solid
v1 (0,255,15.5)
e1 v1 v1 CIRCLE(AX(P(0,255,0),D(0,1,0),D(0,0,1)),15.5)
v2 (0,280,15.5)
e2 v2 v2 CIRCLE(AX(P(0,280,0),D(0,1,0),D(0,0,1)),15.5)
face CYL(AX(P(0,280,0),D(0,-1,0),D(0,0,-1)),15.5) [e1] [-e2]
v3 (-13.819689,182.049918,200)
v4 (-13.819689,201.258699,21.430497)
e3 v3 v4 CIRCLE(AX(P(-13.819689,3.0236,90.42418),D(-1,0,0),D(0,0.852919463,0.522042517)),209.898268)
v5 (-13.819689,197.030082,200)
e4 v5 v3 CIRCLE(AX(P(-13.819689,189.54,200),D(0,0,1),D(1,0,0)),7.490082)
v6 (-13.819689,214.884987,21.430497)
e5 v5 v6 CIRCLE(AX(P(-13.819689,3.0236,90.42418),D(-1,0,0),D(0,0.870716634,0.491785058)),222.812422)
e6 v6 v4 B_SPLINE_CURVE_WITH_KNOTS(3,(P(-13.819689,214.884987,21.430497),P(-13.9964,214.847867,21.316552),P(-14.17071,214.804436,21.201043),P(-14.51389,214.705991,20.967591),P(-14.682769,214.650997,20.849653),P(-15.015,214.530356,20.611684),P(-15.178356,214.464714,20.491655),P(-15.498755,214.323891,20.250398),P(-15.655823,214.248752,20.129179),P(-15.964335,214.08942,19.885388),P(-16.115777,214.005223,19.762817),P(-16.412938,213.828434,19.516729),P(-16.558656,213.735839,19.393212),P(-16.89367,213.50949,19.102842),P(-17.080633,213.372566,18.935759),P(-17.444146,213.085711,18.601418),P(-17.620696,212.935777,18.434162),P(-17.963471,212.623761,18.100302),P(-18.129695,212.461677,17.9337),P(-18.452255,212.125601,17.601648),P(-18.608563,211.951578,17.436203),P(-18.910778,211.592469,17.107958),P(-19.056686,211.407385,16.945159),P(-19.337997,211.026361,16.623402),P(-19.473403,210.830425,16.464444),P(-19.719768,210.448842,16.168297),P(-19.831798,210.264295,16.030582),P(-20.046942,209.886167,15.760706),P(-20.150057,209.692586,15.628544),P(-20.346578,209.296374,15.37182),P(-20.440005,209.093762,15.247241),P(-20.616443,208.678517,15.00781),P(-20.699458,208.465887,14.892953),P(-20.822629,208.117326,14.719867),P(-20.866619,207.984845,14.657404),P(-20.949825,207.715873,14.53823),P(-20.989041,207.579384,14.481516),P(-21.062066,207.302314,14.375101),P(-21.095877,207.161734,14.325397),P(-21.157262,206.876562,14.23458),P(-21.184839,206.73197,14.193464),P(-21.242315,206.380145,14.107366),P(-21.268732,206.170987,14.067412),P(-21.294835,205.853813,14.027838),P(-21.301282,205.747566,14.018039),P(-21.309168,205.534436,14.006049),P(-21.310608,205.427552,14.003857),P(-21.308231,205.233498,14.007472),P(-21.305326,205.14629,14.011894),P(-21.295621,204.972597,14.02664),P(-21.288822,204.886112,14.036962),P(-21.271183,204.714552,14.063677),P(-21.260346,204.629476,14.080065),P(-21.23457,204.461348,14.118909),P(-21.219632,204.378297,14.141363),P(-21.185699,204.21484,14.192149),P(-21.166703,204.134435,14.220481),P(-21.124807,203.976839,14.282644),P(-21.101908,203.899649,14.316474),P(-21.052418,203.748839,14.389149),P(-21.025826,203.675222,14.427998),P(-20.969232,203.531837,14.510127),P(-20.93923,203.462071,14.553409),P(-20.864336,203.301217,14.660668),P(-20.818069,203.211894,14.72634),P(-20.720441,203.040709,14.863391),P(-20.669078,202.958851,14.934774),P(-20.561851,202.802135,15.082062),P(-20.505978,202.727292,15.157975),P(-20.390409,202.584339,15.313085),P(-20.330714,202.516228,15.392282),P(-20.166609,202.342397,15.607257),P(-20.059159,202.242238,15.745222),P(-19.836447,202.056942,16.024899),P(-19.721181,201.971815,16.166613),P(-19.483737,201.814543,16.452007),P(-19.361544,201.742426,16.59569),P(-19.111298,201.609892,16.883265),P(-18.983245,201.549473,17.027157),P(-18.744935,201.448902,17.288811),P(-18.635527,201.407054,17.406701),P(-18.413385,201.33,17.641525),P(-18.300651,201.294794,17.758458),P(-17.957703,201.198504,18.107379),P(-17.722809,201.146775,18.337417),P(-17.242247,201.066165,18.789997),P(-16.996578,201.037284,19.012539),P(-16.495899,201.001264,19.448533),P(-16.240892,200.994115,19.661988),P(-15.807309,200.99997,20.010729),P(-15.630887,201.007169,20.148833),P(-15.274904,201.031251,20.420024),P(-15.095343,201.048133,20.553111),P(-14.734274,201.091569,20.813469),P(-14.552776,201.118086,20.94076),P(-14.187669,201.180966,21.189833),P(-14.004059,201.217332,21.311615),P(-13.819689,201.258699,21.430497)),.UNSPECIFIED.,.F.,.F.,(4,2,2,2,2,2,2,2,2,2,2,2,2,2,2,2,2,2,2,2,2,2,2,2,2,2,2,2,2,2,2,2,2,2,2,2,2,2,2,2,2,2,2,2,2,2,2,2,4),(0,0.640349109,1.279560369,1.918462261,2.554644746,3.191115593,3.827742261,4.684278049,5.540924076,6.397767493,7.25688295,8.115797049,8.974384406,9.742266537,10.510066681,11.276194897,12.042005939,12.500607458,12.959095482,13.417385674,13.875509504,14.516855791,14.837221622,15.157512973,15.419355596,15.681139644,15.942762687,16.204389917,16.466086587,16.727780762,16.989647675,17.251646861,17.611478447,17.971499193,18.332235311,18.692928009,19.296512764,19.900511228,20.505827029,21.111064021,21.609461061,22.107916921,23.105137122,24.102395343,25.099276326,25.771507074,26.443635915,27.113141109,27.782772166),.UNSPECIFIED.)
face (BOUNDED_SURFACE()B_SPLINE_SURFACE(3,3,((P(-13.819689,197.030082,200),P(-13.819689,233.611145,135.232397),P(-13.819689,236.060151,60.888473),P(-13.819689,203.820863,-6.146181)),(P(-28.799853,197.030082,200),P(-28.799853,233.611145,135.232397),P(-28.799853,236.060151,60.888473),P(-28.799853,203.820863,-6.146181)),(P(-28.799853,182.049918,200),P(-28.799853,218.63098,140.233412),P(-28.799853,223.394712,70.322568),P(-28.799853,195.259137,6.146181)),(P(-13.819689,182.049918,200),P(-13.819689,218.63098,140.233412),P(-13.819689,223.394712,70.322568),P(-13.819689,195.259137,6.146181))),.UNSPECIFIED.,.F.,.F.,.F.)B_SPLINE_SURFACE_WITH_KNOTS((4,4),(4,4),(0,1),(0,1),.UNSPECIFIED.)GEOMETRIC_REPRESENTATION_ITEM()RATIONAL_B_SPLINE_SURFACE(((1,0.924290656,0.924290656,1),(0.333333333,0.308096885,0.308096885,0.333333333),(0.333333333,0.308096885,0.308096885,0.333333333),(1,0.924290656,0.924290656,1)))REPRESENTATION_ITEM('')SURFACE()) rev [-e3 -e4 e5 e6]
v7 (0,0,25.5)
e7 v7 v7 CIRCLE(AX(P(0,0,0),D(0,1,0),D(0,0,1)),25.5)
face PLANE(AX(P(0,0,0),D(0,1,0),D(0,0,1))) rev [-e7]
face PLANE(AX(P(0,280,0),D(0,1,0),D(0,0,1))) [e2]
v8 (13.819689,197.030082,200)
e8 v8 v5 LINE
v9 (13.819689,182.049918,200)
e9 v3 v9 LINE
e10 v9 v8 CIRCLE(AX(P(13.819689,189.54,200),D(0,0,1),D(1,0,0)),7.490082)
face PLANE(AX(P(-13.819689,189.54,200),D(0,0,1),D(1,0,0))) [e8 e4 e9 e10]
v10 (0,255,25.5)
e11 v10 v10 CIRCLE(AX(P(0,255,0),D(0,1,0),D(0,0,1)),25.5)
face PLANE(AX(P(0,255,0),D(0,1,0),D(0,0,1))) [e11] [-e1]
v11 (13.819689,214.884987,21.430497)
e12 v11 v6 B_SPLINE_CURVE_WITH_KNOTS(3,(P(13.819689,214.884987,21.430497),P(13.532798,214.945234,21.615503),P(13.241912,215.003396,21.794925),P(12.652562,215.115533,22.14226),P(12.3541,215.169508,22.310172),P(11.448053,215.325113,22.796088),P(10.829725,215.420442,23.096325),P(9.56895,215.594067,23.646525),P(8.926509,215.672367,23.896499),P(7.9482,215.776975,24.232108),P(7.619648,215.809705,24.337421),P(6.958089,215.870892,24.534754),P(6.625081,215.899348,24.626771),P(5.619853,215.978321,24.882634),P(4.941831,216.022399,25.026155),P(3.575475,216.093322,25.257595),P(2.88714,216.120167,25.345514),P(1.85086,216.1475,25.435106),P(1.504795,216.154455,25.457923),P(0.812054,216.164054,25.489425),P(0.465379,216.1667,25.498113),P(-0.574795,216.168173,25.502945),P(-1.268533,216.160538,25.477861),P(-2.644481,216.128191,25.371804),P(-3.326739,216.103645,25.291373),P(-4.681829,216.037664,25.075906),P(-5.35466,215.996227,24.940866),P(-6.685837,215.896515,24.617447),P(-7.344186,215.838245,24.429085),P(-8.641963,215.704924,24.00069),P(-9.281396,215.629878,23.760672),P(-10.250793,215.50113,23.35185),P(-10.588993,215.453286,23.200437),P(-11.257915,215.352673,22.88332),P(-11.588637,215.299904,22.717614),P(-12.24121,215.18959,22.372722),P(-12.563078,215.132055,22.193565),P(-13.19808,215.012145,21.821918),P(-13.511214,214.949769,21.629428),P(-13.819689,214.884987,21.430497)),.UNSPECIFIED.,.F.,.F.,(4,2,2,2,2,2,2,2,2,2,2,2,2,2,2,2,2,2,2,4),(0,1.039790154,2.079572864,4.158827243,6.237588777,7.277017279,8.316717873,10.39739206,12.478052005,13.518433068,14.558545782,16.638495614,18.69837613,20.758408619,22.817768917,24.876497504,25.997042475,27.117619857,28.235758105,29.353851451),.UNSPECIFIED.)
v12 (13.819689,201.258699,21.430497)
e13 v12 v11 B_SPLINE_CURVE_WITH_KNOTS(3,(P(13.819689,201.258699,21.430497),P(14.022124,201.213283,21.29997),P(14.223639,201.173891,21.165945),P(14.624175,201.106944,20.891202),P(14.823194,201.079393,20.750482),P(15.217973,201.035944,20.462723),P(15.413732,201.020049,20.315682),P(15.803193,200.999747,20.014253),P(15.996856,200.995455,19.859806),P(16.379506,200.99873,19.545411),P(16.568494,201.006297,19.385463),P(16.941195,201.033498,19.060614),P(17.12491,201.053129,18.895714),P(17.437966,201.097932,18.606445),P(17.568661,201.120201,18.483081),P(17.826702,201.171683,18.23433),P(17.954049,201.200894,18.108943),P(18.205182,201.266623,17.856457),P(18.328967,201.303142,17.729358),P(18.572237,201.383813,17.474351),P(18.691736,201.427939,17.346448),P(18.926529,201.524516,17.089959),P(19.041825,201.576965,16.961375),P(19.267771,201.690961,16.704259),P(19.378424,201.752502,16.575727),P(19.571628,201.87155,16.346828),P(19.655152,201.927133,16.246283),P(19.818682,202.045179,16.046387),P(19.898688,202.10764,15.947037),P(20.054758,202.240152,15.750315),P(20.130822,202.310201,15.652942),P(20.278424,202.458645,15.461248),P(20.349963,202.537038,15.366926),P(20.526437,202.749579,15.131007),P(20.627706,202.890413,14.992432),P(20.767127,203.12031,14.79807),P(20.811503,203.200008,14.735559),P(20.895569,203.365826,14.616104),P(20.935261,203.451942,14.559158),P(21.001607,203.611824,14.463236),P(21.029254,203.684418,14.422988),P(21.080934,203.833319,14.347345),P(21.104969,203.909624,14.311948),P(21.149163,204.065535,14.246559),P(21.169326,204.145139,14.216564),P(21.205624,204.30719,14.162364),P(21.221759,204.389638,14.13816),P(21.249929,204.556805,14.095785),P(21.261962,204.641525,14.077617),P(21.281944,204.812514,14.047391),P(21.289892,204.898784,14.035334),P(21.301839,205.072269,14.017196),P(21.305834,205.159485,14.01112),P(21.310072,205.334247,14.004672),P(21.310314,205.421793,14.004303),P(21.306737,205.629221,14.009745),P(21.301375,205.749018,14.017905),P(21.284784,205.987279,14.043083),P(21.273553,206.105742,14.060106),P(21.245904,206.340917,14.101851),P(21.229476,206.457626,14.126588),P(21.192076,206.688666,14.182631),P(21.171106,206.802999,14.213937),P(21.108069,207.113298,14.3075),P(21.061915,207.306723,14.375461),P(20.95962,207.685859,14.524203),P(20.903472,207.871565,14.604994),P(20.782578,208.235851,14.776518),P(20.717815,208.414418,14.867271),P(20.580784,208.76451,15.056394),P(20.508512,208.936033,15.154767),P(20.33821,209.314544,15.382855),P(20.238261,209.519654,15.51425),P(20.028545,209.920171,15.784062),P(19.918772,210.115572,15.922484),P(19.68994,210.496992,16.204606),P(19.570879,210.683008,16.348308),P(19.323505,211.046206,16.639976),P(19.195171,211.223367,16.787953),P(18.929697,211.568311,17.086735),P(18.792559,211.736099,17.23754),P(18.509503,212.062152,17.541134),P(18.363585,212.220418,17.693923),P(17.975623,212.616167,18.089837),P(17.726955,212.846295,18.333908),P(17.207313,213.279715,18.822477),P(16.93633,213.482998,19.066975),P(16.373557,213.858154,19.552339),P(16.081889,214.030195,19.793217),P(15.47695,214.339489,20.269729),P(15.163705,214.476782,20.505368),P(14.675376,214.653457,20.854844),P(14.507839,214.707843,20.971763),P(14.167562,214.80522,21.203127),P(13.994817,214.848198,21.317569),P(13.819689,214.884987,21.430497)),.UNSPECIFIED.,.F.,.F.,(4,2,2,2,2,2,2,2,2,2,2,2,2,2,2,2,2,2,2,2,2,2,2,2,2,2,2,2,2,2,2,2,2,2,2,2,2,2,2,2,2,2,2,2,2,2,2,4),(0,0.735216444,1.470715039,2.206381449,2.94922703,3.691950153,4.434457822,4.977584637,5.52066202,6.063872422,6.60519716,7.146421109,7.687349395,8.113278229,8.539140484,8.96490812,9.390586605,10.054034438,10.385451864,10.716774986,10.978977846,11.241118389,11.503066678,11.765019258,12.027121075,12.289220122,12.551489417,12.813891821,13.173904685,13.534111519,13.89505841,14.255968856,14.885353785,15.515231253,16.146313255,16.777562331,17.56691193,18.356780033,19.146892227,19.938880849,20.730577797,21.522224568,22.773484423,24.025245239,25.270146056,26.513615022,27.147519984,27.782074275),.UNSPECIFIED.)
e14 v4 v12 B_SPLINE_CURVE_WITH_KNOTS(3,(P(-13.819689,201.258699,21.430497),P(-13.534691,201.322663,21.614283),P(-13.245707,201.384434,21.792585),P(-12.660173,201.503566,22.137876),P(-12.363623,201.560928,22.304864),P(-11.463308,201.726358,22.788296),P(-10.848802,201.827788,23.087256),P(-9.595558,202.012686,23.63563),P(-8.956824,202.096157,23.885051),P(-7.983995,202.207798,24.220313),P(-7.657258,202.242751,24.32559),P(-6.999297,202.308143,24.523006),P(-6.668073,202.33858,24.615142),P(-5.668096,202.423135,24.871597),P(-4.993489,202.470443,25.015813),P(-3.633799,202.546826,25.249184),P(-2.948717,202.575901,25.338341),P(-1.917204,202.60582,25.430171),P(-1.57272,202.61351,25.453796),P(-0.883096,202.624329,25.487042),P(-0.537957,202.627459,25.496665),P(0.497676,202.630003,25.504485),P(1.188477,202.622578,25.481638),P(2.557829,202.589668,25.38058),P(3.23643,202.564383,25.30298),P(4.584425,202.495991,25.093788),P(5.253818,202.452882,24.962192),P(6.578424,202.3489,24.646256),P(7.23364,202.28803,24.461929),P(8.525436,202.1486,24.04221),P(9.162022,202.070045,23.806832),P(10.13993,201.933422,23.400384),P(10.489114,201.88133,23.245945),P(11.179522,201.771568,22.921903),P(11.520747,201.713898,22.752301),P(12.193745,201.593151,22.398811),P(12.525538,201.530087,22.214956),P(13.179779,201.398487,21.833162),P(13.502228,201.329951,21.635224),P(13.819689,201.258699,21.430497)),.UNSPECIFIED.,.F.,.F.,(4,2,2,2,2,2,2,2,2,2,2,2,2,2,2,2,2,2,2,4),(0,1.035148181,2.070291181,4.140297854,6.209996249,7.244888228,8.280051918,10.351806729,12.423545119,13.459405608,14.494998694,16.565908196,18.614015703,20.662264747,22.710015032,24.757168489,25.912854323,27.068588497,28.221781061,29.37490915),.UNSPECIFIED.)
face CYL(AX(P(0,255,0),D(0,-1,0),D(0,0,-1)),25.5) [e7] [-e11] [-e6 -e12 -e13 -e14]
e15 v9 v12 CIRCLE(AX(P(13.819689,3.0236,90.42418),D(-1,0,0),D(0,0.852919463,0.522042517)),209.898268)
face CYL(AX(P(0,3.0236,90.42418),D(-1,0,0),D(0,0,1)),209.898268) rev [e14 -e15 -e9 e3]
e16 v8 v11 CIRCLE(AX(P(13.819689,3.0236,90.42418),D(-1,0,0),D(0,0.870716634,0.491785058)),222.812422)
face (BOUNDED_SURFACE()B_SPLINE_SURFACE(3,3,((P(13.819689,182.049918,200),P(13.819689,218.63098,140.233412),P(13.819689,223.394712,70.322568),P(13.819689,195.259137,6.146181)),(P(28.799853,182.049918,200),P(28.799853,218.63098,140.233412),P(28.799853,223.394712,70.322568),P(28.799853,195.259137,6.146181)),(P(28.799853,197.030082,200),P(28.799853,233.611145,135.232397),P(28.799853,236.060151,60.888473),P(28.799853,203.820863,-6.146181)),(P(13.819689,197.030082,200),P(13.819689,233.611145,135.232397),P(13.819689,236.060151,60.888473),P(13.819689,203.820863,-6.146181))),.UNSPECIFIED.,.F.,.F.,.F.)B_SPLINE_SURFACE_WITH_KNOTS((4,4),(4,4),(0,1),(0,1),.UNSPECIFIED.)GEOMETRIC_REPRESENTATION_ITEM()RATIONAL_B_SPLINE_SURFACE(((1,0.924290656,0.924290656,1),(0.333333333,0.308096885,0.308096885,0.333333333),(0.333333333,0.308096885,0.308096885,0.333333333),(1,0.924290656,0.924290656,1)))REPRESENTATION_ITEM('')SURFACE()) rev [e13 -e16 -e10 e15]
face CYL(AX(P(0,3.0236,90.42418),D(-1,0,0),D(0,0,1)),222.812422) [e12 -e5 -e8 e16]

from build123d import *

# Parameters (mm, degrees)
SKETCH1_R           = 25.5
BOSS_EXTRUDE1_DEPTH = 255
SKETCH5_R           = 15.5
BOSS_EXTRUDE2_DEPTH = 25


with BuildPart() as part:
    # Sketch1 → Boss-Extrude1 (new body)
    with BuildSketch(Plane(origin=(0, 0, 0), x_dir=(1, 0, 0), z_dir=(0, 1, 0))):
        with Locations(Location((0, 0, 0), (0, 0, 270))):
            Circle(SKETCH1_R)
    extrude(amount=BOSS_EXTRUDE1_DEPTH)

    # Sweep1: sweep along a path in Sketch4
    with BuildLine(Plane(origin=(0, 0, 0), x_dir=(0, 0, -1), z_dir=(1, 0, 0))) as sweep1_path:
        ThreePointArc((-200, 189.54), (-101.226787493, 219.07574986), (0, 199.54))
    # Sketch3 → Sweep1 (sweep)
    with BuildSketch(Plane.XY.offset(200)):
        with BuildLine():
            Line((-13.819688726, 197.030082188), (13.819688726, 197.030082188))
            ThreePointArc((13.819688726, 197.030082188), (21.309770914, 189.54), (13.819688726, 182.049917812))
            Line((13.819688726, 182.049917812), (-13.819688726, 182.049917812))
            ThreePointArc((-13.819688726, 182.049917812), (-21.309770914, 189.54), (-13.819688726, 197.030082188))
        make_face()
    sweep(path=sweep1_path.line)

    # Sketch5 → Boss-Extrude2 (add)
    with BuildSketch(Plane(origin=(0, 255, 0), x_dir=(1, 0, 0), z_dir=(0, 1, 0))):
        with Locations(Location((0, 0, 0), (0, 0, 270))):
            Circle(SKETCH5_R)
    extrude(amount=BOSS_EXTRUDE2_DEPTH)


solid = part.part
